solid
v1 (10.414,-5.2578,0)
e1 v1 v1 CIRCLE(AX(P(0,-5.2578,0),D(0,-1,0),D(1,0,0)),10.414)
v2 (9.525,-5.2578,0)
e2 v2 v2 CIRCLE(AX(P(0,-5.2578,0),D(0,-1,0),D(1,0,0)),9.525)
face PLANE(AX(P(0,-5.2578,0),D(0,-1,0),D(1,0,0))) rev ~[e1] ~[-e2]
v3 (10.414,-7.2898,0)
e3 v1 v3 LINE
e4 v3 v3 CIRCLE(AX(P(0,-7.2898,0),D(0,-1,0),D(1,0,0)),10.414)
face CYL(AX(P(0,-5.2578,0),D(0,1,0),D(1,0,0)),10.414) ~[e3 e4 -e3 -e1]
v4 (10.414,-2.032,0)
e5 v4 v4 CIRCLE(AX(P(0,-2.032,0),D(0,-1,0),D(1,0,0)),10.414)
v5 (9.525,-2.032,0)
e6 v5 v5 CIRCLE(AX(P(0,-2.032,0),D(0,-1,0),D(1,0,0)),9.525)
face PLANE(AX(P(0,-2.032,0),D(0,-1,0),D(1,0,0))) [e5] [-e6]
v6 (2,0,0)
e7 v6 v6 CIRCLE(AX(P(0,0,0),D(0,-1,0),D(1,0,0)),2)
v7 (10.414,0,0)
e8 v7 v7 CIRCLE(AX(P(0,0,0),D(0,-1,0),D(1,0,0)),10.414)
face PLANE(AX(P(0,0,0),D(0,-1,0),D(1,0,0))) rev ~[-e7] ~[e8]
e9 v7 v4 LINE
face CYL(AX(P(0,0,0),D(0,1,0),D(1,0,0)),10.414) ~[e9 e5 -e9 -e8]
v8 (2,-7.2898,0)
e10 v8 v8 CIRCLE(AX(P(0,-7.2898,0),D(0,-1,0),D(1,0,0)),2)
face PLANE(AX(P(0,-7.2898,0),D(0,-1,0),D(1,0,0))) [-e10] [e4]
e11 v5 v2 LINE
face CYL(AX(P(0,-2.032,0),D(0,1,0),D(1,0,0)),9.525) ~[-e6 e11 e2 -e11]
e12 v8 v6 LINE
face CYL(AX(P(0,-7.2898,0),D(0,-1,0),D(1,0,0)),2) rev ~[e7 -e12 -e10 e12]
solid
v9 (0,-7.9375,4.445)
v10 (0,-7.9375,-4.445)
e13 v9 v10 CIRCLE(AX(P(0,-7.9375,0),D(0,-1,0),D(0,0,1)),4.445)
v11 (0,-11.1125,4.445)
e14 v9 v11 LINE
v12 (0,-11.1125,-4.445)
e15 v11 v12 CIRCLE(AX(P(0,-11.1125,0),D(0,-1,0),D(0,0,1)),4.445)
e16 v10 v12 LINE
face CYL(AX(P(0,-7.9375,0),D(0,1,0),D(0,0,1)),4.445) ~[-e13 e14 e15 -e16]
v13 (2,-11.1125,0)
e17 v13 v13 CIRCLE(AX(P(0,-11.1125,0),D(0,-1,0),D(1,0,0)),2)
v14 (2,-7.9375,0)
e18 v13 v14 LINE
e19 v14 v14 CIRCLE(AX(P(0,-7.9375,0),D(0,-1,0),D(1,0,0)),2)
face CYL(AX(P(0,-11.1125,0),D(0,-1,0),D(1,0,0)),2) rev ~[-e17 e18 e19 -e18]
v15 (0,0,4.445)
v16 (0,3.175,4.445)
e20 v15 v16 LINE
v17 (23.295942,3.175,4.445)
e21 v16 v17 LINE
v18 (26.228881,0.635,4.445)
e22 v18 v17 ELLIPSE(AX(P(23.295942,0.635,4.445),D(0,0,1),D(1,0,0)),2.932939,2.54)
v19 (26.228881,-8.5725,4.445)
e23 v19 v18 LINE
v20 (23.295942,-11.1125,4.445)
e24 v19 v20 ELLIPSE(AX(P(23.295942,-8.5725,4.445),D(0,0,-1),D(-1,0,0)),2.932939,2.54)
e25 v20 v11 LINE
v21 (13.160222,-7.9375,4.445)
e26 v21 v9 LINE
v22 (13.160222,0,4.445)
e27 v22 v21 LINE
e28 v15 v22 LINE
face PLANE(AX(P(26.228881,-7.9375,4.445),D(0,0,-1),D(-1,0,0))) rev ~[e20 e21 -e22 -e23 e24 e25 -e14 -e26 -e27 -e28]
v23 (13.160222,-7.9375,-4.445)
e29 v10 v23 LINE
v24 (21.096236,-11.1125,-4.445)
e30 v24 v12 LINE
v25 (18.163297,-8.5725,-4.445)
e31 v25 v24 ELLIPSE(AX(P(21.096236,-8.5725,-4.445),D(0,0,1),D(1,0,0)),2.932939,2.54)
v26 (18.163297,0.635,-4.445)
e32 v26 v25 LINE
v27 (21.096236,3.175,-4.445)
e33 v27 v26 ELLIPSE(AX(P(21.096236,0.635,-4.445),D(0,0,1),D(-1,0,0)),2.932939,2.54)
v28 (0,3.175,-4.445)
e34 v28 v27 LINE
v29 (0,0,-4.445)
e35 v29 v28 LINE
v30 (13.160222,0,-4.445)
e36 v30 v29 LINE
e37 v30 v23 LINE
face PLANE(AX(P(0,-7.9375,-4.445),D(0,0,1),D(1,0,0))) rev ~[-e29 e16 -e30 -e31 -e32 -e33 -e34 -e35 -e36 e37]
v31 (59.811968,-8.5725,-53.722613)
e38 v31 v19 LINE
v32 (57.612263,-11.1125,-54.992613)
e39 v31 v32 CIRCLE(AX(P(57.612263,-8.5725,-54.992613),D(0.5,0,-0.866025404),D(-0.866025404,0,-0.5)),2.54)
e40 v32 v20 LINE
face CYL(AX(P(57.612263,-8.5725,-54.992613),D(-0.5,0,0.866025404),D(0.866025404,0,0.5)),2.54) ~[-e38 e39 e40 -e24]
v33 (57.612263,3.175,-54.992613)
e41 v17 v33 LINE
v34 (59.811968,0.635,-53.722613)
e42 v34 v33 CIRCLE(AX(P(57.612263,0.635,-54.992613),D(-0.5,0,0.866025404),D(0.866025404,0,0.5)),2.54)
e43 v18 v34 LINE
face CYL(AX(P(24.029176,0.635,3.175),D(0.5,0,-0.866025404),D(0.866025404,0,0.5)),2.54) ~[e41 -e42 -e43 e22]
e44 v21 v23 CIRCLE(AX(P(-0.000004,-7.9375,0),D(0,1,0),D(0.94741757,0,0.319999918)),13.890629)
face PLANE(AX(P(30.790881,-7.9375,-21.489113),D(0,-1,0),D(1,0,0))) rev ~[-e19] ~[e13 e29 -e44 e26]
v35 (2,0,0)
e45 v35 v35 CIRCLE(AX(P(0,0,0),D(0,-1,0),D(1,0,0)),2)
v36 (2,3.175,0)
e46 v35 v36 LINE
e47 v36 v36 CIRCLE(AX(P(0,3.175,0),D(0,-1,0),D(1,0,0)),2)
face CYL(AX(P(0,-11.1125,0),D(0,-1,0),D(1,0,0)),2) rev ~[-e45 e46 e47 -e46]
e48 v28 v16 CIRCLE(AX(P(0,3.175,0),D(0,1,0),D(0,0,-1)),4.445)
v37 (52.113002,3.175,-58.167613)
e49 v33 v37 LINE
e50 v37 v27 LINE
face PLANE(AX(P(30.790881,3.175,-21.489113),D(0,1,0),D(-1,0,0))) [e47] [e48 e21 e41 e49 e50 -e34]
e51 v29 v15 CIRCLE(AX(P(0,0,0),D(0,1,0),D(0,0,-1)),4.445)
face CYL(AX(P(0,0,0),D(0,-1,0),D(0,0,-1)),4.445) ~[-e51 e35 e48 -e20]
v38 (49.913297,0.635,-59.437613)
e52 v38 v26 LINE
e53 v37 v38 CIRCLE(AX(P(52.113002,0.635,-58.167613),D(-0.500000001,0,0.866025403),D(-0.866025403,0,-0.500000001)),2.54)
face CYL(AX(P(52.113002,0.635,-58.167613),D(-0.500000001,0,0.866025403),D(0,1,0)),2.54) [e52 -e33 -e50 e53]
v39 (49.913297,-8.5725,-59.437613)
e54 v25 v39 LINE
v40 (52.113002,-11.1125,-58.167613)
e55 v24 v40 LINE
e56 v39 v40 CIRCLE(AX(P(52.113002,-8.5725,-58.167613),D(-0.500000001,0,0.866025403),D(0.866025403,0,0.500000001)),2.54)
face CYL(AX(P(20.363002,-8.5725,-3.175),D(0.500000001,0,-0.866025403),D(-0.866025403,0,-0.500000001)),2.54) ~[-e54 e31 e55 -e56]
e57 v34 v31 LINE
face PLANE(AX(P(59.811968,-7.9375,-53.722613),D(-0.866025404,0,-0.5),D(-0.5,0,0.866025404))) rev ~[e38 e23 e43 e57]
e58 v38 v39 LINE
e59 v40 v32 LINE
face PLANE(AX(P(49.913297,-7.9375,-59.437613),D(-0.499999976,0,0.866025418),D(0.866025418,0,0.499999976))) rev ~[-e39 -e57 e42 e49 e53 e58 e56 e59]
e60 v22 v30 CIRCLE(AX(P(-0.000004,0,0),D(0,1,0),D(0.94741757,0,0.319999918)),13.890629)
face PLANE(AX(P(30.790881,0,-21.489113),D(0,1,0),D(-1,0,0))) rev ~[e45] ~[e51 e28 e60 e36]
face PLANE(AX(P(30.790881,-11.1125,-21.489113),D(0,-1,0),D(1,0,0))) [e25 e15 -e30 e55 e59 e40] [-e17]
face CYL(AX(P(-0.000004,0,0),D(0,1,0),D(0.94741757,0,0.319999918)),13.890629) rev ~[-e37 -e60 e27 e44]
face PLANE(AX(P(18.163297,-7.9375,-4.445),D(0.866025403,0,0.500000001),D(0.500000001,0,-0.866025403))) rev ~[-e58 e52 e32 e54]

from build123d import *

# Parameters (mm, degrees)
F0_R      = 10.414
F1_DEPTH  = 2.032
F2_R      = 9.525
F3_DEPTH  = 3.2258
F4_R      = 10.414
F5_DEPTH  = 2.032
F6_R      = 2
F7_DEPTH  = 7.2908
F9_DEPTH  = 3.175
F11_DEPTH = 7.9375
F13_DEPTH = 3.175
F14_R     = 2.54
F15_R     = 2
F16_DEPTH = 14.2885


with BuildPart() as f1:
    # F0 (on Front) → F1 (new body)
    with BuildSketch(Plane.XZ):
        Circle(F0_R)
    extrude(amount=F1_DEPTH)

    # F2 (on face) → F3 (join)
    with BuildSketch(Plane.XZ.offset(2.032)):
        Circle(F2_R)
    extrude(amount=F3_DEPTH)

    # F4 (on face) → F5 (join)
    with BuildSketch(Plane.XZ.offset(5.2578)):
        Circle(F4_R)
    extrude(amount=F5_DEPTH)

    # F6 (on face) → F7 (cut, through all)
    with BuildSketch(Plane.XZ.offset(7.2898)):
        Circle(F6_R)
    extrude(amount=-F7_DEPTH, mode=Mode.SUBTRACT)


with BuildPart() as f9:
    # F8 (on face) → F9 (new body)
    with BuildSketch(Plane(origin=(0, 0, 0), x_dir=(-1, 0, 0), z_dir=(0, 1, 0))):
        with BuildLine():
            Line((-18.163297, -4.445), (0, -4.445))
            ThreePointArc((0, -4.445), (4.445, 0), (0, 4.445))
            Line((0, 4.445), (-26.228881, 4.445))
            Line((-26.228881, 4.445), (-59.811968, -53.722613))
            Line((-59.811968, -53.722613), (-49.913297, -59.437613))
            Line((-49.913297, -59.437613), (-18.163297, -4.445))
        make_face()
    extrude(amount=F9_DEPTH)

    # F10 (on face) → F11 (join)
    with BuildSketch(Plane.XZ):
        with BuildLine():
            Line((26.228881, 4.445), (13.160222, 4.445))
            ThreePointArc((13.160222, 4.445), (13.890625, 0), (13.160222, -4.445))
            Line((13.160222, -4.445), (18.163297, -4.445))
            Line((18.163297, -4.445), (49.913297, -59.437613))
            Line((49.913297, -59.437613), (59.811968, -53.722613))
            Line((59.811968, -53.722613), (26.228881, 4.445))
        make_face()
    extrude(amount=F11_DEPTH)

    # F12 (on face) → F13 (join)
    with BuildSketch(Plane.XZ.offset(7.9375)):
        with BuildLine():
            Line((0, -4.445), (18.163297, -4.445))
            Line((18.163297, -4.445), (49.913297, -59.437613))
            Line((49.913297, -59.437613), (59.811968, -53.722613))
            Line((59.811968, -53.722613), (26.228881, 4.445))
            Line((26.228881, 4.445), (0, 4.445))
            ThreePointArc((0, 4.445), (-4.445, 0), (0, -4.445))
        make_face()
    extrude(amount=F13_DEPTH)

    # F14
    f14_edges = [f9.edges().sort_by_distance(p)[0] for p in [
        (43.020424, -11.1125, -24.638807),
        (34.038297, -11.1125, -31.941307),
        (43.020424, 3.175, -24.638807),
        (34.038297, 3.175, -31.941307),
    ]]
    fillet(f14_edges, radius=F14_R)

    # F15 (on face) → F16 (cut, through all)
    with BuildSketch(Plane.XZ.offset(11.1125)):
        Circle(F15_R)
    extrude(amount=-F16_DEPTH, mode=Mode.SUBTRACT)


solid = Compound([f1.part, f9.part])
